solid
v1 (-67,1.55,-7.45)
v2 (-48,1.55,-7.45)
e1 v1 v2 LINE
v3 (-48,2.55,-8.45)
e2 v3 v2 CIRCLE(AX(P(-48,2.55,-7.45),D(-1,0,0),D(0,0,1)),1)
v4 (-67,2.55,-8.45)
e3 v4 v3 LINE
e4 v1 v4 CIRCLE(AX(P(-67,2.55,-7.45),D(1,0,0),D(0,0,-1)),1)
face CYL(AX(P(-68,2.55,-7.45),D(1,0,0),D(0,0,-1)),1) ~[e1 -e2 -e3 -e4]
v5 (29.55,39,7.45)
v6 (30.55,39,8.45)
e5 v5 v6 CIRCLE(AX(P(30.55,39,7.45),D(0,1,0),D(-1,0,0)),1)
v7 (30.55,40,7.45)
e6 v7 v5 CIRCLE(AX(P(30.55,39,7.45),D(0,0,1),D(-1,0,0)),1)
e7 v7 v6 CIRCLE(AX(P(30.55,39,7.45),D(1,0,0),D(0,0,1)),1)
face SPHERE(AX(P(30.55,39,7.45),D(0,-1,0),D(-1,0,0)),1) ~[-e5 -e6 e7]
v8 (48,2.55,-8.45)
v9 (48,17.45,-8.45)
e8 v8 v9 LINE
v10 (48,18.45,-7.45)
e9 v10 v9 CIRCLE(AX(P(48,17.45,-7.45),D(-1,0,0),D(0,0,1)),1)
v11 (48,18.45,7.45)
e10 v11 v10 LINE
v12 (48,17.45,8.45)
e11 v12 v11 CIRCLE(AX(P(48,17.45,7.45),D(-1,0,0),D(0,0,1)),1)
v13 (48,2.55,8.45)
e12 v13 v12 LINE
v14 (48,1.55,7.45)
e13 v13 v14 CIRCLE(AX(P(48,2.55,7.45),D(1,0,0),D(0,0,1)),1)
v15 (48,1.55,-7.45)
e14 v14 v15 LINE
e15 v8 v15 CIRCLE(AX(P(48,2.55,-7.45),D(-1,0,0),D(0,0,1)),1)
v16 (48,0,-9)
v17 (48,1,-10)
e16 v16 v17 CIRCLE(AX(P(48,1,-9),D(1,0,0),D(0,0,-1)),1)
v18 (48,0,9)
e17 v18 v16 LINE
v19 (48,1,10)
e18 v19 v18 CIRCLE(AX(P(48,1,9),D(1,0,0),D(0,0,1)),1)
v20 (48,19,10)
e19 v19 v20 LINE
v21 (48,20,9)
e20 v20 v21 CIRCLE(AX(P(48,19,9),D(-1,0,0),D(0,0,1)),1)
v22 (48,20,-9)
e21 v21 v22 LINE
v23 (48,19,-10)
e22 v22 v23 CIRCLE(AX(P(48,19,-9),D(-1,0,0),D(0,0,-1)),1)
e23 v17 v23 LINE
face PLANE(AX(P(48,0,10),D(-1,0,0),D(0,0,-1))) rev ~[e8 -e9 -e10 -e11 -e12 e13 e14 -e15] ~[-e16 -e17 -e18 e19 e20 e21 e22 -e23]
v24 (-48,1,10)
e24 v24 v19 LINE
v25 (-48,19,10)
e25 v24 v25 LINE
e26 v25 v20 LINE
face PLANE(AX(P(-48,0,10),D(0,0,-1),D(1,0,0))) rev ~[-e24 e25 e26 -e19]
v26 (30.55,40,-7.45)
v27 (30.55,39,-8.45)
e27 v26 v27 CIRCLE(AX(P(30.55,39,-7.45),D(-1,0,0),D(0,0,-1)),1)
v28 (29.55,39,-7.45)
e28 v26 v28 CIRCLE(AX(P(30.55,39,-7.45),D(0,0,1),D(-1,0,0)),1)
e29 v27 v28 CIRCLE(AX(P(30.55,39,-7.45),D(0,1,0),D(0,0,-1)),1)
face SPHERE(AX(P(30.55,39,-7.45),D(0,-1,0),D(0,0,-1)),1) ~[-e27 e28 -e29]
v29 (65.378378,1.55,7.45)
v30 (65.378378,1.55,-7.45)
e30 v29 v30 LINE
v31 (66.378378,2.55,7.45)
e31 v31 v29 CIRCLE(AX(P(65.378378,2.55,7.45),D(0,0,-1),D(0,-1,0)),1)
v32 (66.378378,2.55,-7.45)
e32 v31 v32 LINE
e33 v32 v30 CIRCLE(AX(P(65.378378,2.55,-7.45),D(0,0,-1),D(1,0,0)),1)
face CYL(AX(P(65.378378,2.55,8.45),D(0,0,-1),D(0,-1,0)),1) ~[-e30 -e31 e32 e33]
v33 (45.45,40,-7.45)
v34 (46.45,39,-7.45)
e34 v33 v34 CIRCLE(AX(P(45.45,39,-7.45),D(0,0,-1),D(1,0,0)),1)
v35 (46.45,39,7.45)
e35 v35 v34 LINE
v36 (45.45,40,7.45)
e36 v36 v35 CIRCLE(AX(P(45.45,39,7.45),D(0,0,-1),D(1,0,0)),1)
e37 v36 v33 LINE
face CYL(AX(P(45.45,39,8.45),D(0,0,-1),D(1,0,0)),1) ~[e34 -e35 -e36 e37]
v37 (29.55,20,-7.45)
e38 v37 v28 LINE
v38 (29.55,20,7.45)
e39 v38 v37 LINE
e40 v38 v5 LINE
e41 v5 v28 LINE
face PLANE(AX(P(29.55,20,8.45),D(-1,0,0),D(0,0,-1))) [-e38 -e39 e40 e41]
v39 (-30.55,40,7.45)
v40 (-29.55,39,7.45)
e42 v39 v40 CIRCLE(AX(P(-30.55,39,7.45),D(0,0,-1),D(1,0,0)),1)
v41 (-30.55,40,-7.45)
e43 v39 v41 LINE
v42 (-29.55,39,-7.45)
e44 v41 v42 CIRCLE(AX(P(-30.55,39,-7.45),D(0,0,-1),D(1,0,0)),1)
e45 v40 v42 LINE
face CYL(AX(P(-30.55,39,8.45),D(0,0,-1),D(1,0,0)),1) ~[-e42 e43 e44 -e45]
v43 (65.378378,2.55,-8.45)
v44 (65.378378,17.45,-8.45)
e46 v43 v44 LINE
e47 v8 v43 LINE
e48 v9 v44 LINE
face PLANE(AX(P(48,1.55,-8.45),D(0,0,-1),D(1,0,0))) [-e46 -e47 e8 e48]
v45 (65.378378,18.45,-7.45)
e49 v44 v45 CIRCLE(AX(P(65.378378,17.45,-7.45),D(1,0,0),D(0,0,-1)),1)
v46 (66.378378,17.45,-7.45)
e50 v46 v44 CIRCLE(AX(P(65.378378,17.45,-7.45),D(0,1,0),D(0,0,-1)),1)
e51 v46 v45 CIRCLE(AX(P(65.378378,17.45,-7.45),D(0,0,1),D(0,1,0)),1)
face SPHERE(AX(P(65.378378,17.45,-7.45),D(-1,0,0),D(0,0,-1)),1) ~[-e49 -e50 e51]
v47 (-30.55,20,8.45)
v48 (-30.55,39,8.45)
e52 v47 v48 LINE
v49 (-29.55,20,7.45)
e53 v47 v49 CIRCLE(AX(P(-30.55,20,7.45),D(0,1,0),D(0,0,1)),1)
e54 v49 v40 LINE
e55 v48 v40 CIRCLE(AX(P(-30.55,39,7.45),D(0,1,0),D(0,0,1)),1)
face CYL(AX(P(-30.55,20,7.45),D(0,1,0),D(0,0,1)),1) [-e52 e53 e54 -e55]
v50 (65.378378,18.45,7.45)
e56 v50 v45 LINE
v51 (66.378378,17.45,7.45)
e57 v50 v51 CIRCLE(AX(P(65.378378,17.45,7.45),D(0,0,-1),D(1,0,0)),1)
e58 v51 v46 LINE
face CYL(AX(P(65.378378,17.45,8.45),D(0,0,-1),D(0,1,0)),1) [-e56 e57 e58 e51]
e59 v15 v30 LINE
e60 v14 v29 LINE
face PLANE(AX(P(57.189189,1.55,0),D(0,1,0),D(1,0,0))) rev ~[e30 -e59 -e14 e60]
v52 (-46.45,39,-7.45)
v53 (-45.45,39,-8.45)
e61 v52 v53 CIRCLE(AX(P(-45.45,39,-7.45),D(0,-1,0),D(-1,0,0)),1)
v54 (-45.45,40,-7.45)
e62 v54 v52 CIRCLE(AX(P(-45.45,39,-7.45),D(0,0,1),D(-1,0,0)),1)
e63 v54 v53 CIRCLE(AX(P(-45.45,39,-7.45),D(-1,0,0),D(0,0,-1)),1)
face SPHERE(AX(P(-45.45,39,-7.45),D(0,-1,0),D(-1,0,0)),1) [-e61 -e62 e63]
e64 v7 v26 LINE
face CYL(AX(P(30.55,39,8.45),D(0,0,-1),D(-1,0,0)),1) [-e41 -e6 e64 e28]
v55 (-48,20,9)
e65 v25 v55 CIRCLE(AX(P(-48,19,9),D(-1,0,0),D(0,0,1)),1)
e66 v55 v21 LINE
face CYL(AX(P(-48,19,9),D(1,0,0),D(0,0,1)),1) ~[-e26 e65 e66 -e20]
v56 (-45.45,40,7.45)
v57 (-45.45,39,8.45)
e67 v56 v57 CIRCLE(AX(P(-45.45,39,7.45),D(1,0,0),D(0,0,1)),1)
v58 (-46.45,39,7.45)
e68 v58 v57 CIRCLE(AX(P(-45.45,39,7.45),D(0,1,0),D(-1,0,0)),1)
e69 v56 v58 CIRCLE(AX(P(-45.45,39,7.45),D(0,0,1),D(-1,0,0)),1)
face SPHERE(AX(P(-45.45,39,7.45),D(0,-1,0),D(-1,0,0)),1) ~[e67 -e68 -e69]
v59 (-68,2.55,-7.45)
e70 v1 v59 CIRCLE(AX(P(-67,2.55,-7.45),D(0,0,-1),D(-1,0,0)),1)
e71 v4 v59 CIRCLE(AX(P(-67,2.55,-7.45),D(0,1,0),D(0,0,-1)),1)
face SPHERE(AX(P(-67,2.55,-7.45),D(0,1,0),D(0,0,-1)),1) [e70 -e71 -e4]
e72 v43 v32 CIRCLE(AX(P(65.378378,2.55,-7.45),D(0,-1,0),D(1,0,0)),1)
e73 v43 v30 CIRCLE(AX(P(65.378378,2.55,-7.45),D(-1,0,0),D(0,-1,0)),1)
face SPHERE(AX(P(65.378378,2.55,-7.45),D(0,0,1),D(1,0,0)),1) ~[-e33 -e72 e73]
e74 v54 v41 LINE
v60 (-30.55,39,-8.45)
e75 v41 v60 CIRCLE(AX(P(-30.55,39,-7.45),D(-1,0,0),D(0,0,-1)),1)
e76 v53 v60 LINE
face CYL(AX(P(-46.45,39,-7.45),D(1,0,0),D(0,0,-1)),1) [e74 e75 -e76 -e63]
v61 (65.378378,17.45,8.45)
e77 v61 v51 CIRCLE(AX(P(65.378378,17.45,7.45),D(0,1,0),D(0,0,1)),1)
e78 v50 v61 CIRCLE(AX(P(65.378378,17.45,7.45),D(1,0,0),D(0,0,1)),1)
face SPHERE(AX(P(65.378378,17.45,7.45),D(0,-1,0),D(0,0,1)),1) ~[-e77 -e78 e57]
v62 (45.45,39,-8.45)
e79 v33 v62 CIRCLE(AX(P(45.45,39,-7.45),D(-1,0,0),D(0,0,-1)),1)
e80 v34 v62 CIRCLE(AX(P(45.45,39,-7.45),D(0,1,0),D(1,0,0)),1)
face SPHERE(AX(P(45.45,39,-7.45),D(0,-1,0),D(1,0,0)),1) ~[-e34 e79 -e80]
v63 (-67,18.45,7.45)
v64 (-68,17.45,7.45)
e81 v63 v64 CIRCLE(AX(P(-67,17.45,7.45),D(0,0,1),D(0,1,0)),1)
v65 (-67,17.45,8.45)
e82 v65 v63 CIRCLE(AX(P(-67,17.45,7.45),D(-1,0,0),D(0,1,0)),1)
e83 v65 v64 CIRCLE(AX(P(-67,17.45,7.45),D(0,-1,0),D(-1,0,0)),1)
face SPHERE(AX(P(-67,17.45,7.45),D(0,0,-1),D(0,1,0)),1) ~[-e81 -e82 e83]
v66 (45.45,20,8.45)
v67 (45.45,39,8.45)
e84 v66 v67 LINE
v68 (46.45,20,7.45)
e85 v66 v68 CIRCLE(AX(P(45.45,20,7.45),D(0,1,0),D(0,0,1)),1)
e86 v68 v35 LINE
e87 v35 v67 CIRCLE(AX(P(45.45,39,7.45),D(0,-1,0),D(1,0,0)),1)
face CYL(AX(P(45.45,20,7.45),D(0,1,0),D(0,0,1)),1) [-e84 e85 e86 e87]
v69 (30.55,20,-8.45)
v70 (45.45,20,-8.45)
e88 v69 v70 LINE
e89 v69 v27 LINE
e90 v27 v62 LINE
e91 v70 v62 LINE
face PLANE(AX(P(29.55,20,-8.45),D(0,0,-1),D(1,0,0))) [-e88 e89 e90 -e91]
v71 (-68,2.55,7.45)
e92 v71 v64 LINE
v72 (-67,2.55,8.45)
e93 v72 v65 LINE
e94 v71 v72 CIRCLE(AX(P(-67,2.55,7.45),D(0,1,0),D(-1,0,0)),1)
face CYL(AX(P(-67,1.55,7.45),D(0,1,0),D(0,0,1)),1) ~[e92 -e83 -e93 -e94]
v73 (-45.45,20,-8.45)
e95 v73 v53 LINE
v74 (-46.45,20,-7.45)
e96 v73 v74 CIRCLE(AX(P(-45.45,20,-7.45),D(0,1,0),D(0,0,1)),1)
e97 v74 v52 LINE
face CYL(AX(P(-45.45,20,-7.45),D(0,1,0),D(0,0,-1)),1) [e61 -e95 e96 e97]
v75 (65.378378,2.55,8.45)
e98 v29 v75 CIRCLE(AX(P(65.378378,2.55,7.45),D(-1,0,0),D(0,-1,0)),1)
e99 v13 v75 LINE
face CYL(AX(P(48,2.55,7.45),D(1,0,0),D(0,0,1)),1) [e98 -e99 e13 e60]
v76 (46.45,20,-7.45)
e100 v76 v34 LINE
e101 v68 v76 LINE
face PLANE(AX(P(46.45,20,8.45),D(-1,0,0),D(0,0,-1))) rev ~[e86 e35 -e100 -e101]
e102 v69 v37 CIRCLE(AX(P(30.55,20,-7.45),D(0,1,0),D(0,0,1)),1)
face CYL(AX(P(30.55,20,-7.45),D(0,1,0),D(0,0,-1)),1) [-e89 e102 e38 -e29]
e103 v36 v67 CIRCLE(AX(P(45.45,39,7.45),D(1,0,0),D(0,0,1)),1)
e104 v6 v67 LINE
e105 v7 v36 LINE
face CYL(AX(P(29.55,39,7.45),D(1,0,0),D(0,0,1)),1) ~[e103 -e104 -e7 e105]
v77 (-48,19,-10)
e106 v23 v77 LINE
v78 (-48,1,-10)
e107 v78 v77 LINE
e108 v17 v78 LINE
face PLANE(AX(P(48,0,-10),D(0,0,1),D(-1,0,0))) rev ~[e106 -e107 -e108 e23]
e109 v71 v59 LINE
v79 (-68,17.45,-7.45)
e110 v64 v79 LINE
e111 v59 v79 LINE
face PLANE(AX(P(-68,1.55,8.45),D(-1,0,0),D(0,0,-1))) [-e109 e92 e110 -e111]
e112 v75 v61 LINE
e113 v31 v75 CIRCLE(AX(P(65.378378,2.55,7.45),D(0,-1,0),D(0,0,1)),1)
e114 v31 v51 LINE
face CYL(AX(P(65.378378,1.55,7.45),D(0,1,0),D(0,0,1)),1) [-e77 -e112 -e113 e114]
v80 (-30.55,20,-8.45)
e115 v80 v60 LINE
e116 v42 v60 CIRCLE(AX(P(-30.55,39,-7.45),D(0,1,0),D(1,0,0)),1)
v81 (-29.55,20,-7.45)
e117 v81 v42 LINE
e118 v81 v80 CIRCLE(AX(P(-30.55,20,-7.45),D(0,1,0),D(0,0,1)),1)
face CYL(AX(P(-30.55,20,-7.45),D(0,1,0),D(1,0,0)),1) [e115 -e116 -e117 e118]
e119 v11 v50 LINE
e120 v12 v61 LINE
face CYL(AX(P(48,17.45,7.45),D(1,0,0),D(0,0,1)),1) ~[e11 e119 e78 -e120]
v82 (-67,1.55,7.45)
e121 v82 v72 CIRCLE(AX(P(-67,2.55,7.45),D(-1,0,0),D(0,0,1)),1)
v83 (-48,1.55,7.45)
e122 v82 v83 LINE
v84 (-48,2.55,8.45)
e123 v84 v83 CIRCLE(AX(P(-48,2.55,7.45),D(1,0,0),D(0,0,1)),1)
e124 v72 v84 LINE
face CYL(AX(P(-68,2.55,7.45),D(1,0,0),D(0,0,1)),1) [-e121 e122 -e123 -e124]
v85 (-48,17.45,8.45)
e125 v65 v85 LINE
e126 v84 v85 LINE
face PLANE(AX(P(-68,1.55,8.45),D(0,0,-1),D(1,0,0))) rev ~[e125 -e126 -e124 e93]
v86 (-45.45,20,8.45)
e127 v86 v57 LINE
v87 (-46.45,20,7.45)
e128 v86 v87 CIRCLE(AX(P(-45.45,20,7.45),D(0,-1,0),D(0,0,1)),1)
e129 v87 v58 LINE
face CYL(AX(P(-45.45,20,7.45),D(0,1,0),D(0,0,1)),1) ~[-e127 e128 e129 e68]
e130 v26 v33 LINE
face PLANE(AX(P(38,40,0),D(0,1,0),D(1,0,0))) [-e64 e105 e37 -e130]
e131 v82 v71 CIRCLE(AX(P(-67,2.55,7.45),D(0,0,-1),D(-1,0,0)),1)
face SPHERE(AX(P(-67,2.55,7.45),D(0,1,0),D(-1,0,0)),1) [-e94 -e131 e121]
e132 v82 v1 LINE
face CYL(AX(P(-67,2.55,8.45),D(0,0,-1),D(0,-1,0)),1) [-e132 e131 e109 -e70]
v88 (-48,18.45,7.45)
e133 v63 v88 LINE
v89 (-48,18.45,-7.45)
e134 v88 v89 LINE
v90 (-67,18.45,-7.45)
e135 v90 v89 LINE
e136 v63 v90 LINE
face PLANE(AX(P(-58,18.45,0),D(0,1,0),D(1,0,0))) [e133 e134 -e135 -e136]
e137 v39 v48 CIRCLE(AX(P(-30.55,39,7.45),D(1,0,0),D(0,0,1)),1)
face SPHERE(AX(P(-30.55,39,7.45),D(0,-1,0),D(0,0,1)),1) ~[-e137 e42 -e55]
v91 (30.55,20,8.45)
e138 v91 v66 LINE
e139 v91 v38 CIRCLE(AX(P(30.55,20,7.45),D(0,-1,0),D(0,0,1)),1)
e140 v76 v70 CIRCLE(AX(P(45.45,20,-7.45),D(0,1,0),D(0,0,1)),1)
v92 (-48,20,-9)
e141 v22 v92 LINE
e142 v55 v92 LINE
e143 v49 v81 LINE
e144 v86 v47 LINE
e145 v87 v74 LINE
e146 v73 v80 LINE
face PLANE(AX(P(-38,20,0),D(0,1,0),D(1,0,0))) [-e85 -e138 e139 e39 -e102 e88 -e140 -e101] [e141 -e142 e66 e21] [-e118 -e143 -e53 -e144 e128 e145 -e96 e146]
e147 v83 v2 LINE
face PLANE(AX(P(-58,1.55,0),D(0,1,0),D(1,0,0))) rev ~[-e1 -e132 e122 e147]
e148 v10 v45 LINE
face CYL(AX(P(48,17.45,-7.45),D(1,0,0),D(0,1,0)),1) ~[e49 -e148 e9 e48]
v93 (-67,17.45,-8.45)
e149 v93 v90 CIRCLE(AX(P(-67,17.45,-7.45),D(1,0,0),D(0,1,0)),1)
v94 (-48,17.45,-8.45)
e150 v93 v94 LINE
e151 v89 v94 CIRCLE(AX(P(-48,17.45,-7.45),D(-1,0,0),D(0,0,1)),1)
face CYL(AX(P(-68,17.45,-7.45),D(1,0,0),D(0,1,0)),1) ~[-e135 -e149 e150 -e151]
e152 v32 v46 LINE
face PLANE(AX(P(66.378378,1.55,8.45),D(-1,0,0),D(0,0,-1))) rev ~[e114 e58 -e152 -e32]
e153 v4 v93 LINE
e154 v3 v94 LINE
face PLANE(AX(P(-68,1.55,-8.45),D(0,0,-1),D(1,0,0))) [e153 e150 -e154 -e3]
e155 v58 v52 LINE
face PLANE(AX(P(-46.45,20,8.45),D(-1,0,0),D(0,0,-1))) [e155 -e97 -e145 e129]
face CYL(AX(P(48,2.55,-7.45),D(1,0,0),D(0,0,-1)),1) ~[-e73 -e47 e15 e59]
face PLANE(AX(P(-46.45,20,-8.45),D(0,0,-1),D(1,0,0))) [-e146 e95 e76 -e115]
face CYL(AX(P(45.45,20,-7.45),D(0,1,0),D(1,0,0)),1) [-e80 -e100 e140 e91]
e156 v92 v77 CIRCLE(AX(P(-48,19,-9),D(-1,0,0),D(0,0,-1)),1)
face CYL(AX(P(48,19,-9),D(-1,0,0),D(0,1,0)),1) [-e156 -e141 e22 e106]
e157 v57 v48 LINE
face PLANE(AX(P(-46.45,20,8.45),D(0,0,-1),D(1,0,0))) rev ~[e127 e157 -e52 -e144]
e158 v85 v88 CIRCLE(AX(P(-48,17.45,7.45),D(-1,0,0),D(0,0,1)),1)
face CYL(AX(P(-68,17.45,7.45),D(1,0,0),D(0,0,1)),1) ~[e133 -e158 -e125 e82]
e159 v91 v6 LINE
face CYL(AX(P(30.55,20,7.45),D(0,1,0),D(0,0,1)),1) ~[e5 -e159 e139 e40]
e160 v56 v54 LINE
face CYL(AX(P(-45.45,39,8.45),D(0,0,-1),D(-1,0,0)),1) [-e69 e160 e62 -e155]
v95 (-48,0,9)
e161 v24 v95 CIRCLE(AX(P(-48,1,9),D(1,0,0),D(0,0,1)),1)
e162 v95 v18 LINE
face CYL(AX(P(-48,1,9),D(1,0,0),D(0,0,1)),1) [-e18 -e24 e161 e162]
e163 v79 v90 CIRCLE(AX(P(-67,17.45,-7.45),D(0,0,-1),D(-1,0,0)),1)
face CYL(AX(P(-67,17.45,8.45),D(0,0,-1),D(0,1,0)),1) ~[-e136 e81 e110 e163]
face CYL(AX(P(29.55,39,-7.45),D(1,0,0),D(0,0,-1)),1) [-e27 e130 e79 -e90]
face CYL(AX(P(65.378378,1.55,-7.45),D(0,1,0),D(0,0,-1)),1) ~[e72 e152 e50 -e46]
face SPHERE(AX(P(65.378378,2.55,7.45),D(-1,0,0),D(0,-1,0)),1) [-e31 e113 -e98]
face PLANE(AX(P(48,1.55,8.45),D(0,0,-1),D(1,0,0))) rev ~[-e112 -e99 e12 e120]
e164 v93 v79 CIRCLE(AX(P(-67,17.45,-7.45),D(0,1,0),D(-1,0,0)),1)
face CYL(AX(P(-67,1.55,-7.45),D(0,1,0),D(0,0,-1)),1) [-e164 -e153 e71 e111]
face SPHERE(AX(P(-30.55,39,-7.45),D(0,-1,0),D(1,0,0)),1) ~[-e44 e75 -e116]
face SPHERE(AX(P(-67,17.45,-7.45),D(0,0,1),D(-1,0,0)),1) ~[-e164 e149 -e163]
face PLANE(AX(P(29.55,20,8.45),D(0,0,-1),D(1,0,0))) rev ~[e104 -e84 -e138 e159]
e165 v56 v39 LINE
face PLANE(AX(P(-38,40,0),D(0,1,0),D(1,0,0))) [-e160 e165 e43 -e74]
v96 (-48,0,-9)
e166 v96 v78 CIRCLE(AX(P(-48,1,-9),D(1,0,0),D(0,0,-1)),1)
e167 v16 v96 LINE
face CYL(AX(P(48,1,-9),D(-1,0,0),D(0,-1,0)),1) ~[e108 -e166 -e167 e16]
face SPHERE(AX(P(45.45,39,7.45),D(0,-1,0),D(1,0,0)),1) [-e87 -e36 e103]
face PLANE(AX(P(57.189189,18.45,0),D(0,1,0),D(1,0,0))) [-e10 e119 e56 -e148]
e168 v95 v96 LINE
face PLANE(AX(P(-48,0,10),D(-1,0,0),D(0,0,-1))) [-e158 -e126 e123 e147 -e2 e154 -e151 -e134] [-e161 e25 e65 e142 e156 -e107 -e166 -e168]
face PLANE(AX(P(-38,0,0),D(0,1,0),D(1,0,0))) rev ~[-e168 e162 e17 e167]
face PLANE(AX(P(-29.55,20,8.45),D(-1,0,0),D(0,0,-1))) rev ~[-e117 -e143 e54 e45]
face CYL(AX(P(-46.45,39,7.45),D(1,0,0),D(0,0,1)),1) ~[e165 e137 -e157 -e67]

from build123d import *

# Parameters (mm, degrees)
SKETCH1_W           = 96
SKETCH1_H           = 20
BOSS_EXTRUDE1_DEPTH = 20
BOSS_EXTRUDE2_START = 1.55
SKETCH1_3_W         = 20
SKETCH1_3_H         = 16.9
SKETCH1_3_W_2       = 18.378378378
BOSS_EXTRUDE2_DEPTH = 16.9
SKETCH2_W           = 16.9
SKETCH2_H           = 16.9
BOSS_EXTRUDE3_DEPTH = 20
FILLET2_R           = 1


with BuildPart() as part:
    # Sketch1 → Boss-Extrude1 (new body)
    with BuildSketch(Plane(origin=(0, 0, 0), x_dir=(1, 0, 0), z_dir=(0, 1, 0))):
        Rectangle(SKETCH1_W, SKETCH1_H)
    extrude(amount=BOSS_EXTRUDE1_DEPTH)

    # Sketch1<3> → Boss-Extrude2 (add)
    with BuildSketch(Plane(origin=(0, 0, 0), x_dir=(1, 0, 0), z_dir=(0, 1, 0)).offset(BOSS_EXTRUDE2_START)):
        with Locations((-58, 0)):
            Rectangle(SKETCH1_3_W, SKETCH1_3_H)
        with Locations((57.189189189, 0)):
            Rectangle(SKETCH1_3_W_2, SKETCH1_3_H)
    extrude(amount=BOSS_EXTRUDE2_DEPTH)

    # Sketch2 → Boss-Extrude3 (add)
    with BuildSketch(Plane(origin=(0, 20, 0), x_dir=(1, 0, 0), z_dir=(0, 1, 0))):
        with Locations((38, 0)):
            Rectangle(SKETCH2_W, SKETCH2_H)
        with Locations((-38, 0)):
            Rectangle(SKETCH2_W, SKETCH2_H)
    extrude(amount=BOSS_EXTRUDE3_DEPTH)

    # Fillet2
    fillet2_edges = [part.edges().sort_by_distance(p)[0] for p in [
        (-58, 18.45, 8.45),
        (-46.45, 30, 8.45),
        (-46.45, 30, -8.45),
        (-38, 40, -8.45),
        (-46.45, 40, 0),
        (-38, 40, 8.45),
        (-29.55, 40, 0),
        (-29.55, 30, 8.45),
        (-29.55, 30, -8.45),
        (29.55, 30, -8.45),
        (29.55, 30, 8.45),
        (38, 40, -8.45),
        (29.55, 40, 0),
        (38, 40, 8.45),
        (46.45, 40, 0),
        (46.45, 30, -8.45),
        (46.45, 30, 8.45),
        (57.189189189, 1.55, -8.45),
        (0, 0, -10),
        (57.189189189, 18.45, -8.45),
        (66.378378378, 10, -8.45),
        (66.378378378, 18.45, 0),
        (66.378378378, 10, 8.45),
        (57.189189189, 1.55, 8.45),
        (66.378378378, 1.55, 0),
        (57.189189189, 18.45, 8.45),
        (0, 20, -10),
        (0, 0, 10),
        (0, 20, 10),
        (-58, 1.55, -8.45),
        (-68, 1.55, 0),
        (-58, 1.55, 8.45),
        (-68, 10, -8.45),
        (-58, 18.45, -8.45),
        (-68, 18.45, 0),
        (-68, 10, 8.45),
    ]]
    fillet(fillet2_edges, radius=FILLET2_R)


solid = part.part
